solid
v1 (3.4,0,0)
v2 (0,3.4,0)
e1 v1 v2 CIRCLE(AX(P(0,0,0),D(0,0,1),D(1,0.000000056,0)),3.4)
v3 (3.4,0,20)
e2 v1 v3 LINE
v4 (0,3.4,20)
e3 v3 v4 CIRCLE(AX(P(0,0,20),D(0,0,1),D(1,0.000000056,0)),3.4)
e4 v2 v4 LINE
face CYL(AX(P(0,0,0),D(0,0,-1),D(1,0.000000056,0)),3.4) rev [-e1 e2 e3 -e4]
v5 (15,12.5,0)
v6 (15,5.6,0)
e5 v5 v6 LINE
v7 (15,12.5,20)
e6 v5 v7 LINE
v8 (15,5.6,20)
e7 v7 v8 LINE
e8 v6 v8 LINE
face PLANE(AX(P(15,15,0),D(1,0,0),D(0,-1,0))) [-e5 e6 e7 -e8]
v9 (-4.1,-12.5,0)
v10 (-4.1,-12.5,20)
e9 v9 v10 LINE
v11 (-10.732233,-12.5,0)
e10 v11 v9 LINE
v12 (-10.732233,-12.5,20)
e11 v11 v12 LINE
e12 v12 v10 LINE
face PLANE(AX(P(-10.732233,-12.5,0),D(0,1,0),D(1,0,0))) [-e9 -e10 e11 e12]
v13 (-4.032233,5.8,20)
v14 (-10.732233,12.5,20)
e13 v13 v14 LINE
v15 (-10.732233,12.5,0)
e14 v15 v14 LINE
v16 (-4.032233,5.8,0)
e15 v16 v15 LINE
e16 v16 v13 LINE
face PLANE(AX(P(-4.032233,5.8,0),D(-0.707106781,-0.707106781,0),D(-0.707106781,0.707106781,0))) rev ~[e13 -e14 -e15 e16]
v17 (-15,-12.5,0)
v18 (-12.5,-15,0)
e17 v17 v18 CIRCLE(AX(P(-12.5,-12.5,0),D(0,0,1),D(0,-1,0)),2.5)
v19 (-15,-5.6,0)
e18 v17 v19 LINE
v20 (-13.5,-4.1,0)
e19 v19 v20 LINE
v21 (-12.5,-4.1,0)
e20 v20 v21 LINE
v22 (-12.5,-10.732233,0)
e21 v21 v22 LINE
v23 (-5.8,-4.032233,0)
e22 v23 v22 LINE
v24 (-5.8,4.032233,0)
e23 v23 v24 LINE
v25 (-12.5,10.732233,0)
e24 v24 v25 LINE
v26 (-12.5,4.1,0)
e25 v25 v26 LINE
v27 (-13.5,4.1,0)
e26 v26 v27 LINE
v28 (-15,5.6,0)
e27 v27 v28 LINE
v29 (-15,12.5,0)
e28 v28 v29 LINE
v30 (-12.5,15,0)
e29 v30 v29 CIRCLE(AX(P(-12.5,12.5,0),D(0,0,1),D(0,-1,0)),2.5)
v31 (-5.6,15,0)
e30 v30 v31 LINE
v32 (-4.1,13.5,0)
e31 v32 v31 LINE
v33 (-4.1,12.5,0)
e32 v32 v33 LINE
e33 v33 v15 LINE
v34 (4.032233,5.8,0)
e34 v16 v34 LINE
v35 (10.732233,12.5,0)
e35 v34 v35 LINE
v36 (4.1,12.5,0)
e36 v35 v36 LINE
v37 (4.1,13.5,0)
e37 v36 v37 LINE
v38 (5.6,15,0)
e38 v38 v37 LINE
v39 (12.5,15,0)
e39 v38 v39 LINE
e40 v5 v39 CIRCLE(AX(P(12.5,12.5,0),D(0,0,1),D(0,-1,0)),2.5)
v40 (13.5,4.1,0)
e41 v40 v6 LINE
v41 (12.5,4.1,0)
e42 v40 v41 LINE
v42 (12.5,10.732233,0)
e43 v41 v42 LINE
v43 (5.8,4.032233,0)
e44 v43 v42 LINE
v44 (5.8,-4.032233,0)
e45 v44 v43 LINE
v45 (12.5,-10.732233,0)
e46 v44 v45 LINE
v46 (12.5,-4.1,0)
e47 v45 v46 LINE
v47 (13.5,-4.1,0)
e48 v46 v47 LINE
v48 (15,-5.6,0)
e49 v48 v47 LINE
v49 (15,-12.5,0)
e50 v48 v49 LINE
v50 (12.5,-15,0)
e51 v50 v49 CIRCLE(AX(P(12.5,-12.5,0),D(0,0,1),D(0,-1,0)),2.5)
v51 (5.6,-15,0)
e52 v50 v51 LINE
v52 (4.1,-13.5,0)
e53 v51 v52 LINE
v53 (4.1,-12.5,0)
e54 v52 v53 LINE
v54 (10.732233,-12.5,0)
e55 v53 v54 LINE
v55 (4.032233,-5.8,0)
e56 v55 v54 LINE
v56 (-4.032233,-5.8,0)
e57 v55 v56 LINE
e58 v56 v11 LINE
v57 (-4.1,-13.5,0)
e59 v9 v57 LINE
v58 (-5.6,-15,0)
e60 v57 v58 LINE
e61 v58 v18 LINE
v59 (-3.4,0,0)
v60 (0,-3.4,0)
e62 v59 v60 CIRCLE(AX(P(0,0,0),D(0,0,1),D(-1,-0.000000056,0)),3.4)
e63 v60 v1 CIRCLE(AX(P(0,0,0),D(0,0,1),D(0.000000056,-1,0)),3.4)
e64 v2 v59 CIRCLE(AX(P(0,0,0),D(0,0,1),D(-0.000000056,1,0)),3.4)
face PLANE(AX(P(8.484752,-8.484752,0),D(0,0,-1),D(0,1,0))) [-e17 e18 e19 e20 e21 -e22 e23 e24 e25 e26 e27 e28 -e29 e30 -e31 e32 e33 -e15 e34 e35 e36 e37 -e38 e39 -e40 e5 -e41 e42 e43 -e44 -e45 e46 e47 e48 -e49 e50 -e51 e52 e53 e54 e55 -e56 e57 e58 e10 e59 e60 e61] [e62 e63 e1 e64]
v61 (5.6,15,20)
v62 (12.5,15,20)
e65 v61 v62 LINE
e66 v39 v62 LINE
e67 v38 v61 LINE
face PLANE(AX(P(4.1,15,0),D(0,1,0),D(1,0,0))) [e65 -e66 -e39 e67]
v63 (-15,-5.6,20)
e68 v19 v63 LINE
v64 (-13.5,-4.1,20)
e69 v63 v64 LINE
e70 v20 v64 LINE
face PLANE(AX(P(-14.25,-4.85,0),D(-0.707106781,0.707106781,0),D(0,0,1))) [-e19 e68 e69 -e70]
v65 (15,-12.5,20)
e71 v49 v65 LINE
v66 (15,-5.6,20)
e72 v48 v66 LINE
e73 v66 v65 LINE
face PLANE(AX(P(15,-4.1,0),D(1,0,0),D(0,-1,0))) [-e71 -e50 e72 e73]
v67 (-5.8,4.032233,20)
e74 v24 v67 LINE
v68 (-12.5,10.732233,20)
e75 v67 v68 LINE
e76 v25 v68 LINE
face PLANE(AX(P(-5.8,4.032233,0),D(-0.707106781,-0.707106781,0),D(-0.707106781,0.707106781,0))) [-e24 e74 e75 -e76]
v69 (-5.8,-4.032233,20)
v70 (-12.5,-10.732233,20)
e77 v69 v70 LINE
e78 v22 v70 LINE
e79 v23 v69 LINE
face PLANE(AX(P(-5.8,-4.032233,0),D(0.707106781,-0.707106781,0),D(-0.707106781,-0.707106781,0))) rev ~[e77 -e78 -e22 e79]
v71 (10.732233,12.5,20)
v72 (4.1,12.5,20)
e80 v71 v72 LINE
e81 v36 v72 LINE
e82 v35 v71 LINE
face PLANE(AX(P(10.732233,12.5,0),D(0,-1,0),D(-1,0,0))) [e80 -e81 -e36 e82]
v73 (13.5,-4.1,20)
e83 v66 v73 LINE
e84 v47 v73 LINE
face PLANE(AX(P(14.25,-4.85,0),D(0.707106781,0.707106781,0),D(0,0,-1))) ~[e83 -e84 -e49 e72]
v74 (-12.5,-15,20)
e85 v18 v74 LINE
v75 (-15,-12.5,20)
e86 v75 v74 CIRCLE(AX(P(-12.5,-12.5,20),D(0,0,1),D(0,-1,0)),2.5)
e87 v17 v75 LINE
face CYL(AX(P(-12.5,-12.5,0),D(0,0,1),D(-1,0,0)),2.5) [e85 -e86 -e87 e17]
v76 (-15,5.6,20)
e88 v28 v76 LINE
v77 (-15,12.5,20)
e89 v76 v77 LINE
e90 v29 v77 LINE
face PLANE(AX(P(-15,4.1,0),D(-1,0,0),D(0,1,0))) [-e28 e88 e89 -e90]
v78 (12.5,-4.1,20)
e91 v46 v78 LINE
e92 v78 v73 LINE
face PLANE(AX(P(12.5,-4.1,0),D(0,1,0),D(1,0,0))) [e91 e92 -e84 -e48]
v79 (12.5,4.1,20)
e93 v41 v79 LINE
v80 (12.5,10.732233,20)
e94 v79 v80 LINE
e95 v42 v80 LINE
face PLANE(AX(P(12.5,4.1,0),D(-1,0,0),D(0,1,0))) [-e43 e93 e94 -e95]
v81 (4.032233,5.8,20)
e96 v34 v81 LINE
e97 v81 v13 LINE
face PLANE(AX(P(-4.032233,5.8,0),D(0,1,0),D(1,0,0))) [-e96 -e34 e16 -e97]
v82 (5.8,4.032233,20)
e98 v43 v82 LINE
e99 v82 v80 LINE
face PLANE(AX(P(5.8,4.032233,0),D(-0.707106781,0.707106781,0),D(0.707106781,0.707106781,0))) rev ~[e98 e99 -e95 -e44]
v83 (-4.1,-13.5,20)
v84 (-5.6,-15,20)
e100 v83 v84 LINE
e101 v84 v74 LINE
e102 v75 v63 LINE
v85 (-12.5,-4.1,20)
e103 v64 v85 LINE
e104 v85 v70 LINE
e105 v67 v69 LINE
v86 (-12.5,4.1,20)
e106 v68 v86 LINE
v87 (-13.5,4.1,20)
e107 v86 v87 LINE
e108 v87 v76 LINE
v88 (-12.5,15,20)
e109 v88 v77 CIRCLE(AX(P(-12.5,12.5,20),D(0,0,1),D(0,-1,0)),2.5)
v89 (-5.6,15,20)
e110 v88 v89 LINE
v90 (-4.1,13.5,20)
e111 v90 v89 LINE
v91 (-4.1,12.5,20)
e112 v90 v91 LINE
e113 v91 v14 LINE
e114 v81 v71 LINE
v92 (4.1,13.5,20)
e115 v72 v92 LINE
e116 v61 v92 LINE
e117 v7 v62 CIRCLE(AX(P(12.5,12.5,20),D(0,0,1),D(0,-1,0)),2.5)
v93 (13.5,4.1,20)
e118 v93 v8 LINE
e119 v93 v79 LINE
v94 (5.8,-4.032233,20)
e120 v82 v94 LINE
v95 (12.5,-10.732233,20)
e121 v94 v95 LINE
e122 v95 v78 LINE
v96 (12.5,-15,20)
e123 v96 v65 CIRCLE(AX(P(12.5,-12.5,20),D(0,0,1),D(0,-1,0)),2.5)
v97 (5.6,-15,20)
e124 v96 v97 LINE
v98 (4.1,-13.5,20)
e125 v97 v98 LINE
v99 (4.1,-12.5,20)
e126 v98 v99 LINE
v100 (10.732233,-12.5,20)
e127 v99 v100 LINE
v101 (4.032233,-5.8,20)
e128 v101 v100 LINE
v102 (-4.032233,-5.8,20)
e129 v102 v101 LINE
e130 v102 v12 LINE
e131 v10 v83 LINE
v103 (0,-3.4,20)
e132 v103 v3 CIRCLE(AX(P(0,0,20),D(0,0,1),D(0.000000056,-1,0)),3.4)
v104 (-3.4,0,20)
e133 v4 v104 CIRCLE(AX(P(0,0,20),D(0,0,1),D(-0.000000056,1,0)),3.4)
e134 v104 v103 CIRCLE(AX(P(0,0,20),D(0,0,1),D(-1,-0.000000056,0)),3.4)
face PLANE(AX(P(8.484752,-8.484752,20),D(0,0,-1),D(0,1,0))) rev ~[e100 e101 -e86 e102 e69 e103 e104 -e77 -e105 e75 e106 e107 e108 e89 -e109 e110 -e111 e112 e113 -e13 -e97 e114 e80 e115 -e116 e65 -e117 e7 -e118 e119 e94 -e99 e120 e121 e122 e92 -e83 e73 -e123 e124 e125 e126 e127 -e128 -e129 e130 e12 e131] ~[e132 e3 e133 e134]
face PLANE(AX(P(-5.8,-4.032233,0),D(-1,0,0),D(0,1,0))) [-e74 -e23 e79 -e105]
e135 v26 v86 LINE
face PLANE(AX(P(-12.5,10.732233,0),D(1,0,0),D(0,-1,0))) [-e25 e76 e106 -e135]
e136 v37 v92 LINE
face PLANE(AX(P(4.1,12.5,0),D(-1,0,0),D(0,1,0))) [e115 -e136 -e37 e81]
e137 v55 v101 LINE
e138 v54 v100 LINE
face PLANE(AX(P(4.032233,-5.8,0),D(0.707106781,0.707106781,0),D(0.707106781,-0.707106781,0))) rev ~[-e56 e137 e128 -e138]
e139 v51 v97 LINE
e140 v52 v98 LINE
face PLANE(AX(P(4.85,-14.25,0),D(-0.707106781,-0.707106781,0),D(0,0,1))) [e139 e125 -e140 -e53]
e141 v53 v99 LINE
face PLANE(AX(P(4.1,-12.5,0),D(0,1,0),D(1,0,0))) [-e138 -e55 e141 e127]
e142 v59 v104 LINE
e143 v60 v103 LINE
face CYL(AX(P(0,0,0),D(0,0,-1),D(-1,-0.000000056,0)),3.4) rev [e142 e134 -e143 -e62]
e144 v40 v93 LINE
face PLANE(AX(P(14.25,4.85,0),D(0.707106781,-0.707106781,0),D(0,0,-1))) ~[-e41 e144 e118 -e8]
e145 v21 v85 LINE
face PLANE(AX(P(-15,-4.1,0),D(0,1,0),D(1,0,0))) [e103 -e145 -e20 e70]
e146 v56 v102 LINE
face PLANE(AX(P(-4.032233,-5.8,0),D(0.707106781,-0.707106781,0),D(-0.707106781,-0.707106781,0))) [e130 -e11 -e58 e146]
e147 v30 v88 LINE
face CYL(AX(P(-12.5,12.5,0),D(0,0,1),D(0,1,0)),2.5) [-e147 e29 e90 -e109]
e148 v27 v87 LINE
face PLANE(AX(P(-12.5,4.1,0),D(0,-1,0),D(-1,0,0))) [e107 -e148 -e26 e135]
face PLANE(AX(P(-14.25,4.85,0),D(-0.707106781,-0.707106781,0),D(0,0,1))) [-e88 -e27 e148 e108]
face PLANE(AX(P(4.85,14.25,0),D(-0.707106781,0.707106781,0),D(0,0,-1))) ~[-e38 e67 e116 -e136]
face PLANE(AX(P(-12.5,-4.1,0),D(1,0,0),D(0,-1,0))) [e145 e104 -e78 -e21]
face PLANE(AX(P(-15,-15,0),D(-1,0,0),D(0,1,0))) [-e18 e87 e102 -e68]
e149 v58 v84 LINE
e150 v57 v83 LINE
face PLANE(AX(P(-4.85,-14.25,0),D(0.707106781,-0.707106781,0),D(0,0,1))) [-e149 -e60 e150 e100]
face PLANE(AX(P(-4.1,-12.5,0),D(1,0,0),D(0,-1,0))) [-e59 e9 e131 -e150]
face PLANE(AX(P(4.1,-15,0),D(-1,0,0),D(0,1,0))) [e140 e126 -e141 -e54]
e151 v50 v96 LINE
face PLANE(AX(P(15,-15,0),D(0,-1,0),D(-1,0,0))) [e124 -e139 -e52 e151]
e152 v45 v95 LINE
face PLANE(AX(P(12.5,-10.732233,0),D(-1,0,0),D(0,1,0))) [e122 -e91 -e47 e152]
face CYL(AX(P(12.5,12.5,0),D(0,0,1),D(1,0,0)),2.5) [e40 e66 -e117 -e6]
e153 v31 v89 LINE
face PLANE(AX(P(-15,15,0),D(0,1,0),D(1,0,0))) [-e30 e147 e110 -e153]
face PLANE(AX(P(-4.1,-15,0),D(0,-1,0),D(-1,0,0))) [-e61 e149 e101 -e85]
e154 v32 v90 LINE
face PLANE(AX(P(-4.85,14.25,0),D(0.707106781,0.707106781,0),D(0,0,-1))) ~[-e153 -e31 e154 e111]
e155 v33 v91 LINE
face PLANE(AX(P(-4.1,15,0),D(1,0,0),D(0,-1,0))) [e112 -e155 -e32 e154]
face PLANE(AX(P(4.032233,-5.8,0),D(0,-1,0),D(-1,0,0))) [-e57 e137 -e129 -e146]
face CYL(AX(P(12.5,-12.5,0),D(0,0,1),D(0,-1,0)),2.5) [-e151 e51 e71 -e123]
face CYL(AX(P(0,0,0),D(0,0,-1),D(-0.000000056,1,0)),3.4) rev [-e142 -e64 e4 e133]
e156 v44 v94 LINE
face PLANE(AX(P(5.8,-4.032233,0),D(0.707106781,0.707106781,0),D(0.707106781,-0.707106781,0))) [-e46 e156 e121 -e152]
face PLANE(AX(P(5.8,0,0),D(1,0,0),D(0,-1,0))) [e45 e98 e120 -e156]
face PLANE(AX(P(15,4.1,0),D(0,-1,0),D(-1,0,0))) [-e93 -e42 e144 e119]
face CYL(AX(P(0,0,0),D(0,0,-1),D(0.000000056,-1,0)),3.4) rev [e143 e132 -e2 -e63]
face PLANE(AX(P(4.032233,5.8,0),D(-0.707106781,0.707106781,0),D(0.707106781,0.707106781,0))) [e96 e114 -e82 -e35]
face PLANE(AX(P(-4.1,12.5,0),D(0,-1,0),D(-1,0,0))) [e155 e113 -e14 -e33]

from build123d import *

# Parameters (mm, degrees)
PAD_DEPTH            = 20
POLARPATTERN_COUNT   = 4
FILLET_R             = 2.5
CHAMFER_SIZE         = 1.5
BODY_PLACEMENT_ANGLE = 270


with BuildPart() as part:
    # Sketch → Pad (new body)
    with BuildSketch(Plane.XZ):
        with BuildLine():
            Line((0, 5.8), (4.032233, 5.8))
            Line((4.032233, 5.8), (10.732233, 12.5))
            Line((10.732233, 12.5), (4.1, 12.5))
            Line((4.1, 12.5), (4.1, 15))
            Line((4.1, 15), (15, 15))
            Line((15, 15), (15, 4.1))
            Line((15, 4.1), (12.5, 4.1))
            Line((12.5, 4.1), (12.5, 10.732233))
            Line((5.8, 4.032233), (12.5, 10.732233))
            Line((5.8, 4.032233), (5.8, 0))
            Line((3.4, 0), (5.8, 0))
            ThreePointArc((3.4, 0), (2.404163, 2.404163), (0, 3.4))
            Line((0, 5.8), (0, 3.4))
        make_face()
    pad = extrude(amount=PAD_DEPTH)

    # PolarPattern: Pad ×4 about axis
    polarpattern_axis = Axis((0, 0, 0), (0, -1, 0))
    for i in range(1, POLARPATTERN_COUNT):
        add(pad.rotate(polarpattern_axis, i * 360 / POLARPATTERN_COUNT))

    # Fillet
    fillet_edges = [part.edges().sort_by_distance(p)[0] for p in [
        (-15, -10, 15),
        (15, -10, 15),
        (15, -10, -15),
        (-15, -10, -15),
    ]]
    fillet(fillet_edges, radius=FILLET_R)

    # Chamfer
    chamfer_edges = [part.edges().sort_by_distance(p)[0] for p in [
        (4.1, -10, 15),
        (-4.1, -10, 15),
        (-15, -10, 4.1),
        (-15, -10, -4.1),
        (-4.1, -10, -15),
        (15, -10, -4.1),
        (4.1, -10, -15),
        (15, -10, 4.1),
    ]]
    chamfer(chamfer_edges, length=CHAMFER_SIZE)


with BuildPart() as part_1:
    # Body placement: moved
    add(part.part.rotate(Axis((0, 0, 0), (1, 0, 0)), BODY_PLACEMENT_ANGLE))


solid = part_1.part
